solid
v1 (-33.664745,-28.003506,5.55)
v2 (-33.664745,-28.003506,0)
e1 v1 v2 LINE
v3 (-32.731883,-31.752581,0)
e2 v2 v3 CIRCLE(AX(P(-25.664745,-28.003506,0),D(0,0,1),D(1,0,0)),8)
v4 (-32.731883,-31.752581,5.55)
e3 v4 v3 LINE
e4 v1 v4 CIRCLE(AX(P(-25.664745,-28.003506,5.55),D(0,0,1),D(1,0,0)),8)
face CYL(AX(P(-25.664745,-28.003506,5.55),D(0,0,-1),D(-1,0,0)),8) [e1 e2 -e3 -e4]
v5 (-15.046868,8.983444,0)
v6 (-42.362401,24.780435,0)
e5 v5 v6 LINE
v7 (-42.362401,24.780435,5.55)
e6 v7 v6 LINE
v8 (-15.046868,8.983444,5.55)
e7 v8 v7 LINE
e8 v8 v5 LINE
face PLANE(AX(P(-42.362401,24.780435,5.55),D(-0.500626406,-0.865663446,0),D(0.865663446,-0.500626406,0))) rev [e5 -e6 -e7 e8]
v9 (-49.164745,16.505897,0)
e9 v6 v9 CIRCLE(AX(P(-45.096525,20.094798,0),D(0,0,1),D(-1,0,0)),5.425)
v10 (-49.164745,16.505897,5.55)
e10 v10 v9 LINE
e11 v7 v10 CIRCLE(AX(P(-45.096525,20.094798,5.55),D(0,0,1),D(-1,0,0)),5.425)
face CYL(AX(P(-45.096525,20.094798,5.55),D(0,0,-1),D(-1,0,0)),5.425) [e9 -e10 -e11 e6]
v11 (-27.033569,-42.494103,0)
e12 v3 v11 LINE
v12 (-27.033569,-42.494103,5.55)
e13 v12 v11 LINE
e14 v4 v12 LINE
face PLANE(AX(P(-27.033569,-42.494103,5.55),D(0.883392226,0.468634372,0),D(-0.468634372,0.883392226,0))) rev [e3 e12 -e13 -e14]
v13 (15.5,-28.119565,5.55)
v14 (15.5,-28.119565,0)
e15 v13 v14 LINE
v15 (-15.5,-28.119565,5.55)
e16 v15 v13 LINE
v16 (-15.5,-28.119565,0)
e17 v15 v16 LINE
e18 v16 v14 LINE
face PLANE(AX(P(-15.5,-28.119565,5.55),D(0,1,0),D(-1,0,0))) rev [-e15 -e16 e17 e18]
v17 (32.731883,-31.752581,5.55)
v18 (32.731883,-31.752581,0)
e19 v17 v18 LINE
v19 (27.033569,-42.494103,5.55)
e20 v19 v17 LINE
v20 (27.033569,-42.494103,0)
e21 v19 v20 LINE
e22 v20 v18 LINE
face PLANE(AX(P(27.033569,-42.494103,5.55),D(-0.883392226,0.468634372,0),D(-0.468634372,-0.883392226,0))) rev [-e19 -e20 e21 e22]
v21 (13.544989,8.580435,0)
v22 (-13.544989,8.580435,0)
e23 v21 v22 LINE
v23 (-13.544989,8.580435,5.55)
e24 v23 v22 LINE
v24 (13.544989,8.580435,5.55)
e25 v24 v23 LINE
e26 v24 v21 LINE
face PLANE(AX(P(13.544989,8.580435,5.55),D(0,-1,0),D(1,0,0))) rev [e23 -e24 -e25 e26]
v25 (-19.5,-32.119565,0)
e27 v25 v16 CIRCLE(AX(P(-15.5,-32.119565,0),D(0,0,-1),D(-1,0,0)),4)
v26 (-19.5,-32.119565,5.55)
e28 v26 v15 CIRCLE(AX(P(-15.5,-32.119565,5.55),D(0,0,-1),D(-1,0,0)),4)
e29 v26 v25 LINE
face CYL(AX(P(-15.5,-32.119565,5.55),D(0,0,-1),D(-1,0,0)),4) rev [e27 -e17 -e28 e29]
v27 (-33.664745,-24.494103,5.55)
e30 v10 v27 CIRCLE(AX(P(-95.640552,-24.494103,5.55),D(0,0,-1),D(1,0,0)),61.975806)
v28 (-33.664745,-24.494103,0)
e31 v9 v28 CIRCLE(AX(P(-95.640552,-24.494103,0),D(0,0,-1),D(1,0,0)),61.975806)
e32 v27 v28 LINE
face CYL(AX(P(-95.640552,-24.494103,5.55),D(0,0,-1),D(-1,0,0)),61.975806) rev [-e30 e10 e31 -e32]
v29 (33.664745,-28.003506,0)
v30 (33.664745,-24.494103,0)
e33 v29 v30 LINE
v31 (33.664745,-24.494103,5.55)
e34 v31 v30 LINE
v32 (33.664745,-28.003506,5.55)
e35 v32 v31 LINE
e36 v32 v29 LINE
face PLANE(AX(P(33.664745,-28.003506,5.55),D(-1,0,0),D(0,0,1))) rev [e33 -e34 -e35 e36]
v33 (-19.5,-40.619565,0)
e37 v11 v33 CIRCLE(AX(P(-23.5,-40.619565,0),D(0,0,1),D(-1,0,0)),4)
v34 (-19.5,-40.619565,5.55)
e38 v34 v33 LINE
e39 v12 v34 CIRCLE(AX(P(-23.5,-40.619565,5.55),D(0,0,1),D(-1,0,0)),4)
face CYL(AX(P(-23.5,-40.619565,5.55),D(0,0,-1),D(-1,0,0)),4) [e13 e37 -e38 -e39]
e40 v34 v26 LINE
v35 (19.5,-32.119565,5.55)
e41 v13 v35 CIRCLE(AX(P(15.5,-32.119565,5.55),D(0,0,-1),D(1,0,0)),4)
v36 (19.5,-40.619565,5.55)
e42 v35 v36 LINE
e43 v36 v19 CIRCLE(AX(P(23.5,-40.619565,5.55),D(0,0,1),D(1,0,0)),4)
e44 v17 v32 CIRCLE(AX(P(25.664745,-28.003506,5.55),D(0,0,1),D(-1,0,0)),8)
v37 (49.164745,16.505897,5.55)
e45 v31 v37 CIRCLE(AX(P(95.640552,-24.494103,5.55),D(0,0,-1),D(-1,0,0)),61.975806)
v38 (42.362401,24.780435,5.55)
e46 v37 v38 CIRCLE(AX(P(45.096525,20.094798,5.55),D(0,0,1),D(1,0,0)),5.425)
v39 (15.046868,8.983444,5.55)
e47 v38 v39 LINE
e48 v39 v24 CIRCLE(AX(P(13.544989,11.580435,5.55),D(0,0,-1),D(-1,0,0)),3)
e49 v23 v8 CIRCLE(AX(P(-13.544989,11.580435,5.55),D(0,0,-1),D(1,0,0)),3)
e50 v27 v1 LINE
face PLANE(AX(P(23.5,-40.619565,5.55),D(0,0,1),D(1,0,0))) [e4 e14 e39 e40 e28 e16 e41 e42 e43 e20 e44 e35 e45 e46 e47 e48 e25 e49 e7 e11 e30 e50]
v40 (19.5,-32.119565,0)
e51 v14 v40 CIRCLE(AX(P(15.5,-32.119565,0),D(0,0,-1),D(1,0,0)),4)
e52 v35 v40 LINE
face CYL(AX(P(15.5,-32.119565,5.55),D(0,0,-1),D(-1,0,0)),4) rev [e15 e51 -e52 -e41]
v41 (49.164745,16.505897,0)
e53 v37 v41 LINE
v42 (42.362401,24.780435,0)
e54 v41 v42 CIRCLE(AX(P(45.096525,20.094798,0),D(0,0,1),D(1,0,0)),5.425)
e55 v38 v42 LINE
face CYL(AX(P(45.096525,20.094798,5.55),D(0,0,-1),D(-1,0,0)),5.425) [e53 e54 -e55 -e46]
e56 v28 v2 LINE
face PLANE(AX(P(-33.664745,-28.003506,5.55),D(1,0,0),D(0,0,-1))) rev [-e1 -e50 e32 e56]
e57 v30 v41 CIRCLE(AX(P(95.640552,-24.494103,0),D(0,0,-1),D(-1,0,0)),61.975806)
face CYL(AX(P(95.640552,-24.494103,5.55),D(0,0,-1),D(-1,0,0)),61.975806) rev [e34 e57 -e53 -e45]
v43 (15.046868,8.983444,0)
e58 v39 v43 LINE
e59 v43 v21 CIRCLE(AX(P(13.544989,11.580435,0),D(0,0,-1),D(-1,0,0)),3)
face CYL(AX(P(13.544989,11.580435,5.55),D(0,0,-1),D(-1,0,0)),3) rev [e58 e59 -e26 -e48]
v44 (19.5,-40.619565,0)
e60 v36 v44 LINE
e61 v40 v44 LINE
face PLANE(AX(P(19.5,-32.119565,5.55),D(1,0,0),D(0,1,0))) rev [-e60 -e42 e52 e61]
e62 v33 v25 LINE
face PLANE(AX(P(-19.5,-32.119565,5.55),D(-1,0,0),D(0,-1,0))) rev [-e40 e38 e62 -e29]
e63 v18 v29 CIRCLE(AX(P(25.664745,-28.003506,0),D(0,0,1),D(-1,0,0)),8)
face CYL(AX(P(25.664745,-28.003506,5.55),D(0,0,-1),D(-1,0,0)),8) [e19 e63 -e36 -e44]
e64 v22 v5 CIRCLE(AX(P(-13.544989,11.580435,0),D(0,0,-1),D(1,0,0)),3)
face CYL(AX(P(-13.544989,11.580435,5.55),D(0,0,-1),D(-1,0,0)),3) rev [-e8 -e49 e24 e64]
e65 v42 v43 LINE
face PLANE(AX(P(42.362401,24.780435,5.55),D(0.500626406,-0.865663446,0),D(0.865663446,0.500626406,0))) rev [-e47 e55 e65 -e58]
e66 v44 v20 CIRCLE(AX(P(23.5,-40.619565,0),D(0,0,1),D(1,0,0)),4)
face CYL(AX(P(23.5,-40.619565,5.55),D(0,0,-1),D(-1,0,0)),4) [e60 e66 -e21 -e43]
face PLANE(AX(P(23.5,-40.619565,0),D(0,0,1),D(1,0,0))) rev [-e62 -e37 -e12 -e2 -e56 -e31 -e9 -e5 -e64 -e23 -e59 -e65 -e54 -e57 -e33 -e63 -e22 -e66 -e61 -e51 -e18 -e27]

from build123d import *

# Parameters (mm, degrees)
RESSALTO_EXTRUS_O1_DEPTH = 5.55


with BuildPart() as part:
    # Esboço1 → Ressalto-extrusão1 (new body)
    with BuildSketch(Plane.XY):
        with BuildLine():
            Line((-15.5, -28.119565217), (15.5, -28.119565217))
            ThreePointArc((15.5, -28.119565217), (18.328427125, -29.291138093), (19.5, -32.119565217))
            Line((19.5, -32.119565217), (19.5, -40.619565217))
            ThreePointArc((19.5, -40.619565217), (22.534152087, -44.501206341), (27.033568905, -42.494102706))
            Line((27.033568905, -42.494102706), (32.73188308, -31.75258065))
            ThreePointArc((32.73188308, -31.75258065), (33.428027517, -29.935201499), (33.664745271, -28.003505673))
            Line((33.664745271, -28.003505673), (33.664745271, -24.494102706))
            ThreePointArc((33.664745271, -24.494102706), (37.669109742, -2.578069762), (49.164745271, 16.505897294))
            ThreePointArc((49.164745271, 16.505897294), (49.287222325, 23.539892597), (42.362401343, 24.780434783))
            Line((42.362401343, 24.780434783), (15.046868421, 8.983444446))
            ThreePointArc((15.046868421, 8.983444446), (14.322494504, 8.682938362), (13.544989202, 8.580434783))
            Line((13.544989202, 8.580434783), (-13.544989202, 8.580434783))
            ThreePointArc((-13.544989202, 8.580434783), (-14.322494504, 8.682938362), (-15.046868421, 8.983444446))
            Line((-15.046868421, 8.983444446), (-42.362401343, 24.780434783))
            ThreePointArc((-42.362401343, 24.780434783), (-49.287222325, 23.539892597), (-49.164745271, 16.505897294))
            ThreePointArc((-49.164745271, 16.505897294), (-37.669109742, -2.578069762), (-33.664745271, -24.494102706))
            Line((-33.664745271, -24.494102706), (-33.664745271, -28.003505673))
            ThreePointArc((-33.664745271, -28.003505673), (-33.428027517, -29.935201499), (-32.73188308, -31.75258065))
            Line((-32.73188308, -31.75258065), (-27.033568905, -42.494102706))
            ThreePointArc((-27.033568905, -42.494102706), (-22.534152087, -44.501206341), (-19.5, -40.619565217))
            Line((-19.5, -40.619565217), (-19.5, -32.119565217))
            ThreePointArc((-19.5, -32.119565217), (-18.328427125, -29.291138093), (-15.5, -28.119565217))
        make_face()
    extrude(amount=RESSALTO_EXTRUS_O1_DEPTH)


solid = part.part
